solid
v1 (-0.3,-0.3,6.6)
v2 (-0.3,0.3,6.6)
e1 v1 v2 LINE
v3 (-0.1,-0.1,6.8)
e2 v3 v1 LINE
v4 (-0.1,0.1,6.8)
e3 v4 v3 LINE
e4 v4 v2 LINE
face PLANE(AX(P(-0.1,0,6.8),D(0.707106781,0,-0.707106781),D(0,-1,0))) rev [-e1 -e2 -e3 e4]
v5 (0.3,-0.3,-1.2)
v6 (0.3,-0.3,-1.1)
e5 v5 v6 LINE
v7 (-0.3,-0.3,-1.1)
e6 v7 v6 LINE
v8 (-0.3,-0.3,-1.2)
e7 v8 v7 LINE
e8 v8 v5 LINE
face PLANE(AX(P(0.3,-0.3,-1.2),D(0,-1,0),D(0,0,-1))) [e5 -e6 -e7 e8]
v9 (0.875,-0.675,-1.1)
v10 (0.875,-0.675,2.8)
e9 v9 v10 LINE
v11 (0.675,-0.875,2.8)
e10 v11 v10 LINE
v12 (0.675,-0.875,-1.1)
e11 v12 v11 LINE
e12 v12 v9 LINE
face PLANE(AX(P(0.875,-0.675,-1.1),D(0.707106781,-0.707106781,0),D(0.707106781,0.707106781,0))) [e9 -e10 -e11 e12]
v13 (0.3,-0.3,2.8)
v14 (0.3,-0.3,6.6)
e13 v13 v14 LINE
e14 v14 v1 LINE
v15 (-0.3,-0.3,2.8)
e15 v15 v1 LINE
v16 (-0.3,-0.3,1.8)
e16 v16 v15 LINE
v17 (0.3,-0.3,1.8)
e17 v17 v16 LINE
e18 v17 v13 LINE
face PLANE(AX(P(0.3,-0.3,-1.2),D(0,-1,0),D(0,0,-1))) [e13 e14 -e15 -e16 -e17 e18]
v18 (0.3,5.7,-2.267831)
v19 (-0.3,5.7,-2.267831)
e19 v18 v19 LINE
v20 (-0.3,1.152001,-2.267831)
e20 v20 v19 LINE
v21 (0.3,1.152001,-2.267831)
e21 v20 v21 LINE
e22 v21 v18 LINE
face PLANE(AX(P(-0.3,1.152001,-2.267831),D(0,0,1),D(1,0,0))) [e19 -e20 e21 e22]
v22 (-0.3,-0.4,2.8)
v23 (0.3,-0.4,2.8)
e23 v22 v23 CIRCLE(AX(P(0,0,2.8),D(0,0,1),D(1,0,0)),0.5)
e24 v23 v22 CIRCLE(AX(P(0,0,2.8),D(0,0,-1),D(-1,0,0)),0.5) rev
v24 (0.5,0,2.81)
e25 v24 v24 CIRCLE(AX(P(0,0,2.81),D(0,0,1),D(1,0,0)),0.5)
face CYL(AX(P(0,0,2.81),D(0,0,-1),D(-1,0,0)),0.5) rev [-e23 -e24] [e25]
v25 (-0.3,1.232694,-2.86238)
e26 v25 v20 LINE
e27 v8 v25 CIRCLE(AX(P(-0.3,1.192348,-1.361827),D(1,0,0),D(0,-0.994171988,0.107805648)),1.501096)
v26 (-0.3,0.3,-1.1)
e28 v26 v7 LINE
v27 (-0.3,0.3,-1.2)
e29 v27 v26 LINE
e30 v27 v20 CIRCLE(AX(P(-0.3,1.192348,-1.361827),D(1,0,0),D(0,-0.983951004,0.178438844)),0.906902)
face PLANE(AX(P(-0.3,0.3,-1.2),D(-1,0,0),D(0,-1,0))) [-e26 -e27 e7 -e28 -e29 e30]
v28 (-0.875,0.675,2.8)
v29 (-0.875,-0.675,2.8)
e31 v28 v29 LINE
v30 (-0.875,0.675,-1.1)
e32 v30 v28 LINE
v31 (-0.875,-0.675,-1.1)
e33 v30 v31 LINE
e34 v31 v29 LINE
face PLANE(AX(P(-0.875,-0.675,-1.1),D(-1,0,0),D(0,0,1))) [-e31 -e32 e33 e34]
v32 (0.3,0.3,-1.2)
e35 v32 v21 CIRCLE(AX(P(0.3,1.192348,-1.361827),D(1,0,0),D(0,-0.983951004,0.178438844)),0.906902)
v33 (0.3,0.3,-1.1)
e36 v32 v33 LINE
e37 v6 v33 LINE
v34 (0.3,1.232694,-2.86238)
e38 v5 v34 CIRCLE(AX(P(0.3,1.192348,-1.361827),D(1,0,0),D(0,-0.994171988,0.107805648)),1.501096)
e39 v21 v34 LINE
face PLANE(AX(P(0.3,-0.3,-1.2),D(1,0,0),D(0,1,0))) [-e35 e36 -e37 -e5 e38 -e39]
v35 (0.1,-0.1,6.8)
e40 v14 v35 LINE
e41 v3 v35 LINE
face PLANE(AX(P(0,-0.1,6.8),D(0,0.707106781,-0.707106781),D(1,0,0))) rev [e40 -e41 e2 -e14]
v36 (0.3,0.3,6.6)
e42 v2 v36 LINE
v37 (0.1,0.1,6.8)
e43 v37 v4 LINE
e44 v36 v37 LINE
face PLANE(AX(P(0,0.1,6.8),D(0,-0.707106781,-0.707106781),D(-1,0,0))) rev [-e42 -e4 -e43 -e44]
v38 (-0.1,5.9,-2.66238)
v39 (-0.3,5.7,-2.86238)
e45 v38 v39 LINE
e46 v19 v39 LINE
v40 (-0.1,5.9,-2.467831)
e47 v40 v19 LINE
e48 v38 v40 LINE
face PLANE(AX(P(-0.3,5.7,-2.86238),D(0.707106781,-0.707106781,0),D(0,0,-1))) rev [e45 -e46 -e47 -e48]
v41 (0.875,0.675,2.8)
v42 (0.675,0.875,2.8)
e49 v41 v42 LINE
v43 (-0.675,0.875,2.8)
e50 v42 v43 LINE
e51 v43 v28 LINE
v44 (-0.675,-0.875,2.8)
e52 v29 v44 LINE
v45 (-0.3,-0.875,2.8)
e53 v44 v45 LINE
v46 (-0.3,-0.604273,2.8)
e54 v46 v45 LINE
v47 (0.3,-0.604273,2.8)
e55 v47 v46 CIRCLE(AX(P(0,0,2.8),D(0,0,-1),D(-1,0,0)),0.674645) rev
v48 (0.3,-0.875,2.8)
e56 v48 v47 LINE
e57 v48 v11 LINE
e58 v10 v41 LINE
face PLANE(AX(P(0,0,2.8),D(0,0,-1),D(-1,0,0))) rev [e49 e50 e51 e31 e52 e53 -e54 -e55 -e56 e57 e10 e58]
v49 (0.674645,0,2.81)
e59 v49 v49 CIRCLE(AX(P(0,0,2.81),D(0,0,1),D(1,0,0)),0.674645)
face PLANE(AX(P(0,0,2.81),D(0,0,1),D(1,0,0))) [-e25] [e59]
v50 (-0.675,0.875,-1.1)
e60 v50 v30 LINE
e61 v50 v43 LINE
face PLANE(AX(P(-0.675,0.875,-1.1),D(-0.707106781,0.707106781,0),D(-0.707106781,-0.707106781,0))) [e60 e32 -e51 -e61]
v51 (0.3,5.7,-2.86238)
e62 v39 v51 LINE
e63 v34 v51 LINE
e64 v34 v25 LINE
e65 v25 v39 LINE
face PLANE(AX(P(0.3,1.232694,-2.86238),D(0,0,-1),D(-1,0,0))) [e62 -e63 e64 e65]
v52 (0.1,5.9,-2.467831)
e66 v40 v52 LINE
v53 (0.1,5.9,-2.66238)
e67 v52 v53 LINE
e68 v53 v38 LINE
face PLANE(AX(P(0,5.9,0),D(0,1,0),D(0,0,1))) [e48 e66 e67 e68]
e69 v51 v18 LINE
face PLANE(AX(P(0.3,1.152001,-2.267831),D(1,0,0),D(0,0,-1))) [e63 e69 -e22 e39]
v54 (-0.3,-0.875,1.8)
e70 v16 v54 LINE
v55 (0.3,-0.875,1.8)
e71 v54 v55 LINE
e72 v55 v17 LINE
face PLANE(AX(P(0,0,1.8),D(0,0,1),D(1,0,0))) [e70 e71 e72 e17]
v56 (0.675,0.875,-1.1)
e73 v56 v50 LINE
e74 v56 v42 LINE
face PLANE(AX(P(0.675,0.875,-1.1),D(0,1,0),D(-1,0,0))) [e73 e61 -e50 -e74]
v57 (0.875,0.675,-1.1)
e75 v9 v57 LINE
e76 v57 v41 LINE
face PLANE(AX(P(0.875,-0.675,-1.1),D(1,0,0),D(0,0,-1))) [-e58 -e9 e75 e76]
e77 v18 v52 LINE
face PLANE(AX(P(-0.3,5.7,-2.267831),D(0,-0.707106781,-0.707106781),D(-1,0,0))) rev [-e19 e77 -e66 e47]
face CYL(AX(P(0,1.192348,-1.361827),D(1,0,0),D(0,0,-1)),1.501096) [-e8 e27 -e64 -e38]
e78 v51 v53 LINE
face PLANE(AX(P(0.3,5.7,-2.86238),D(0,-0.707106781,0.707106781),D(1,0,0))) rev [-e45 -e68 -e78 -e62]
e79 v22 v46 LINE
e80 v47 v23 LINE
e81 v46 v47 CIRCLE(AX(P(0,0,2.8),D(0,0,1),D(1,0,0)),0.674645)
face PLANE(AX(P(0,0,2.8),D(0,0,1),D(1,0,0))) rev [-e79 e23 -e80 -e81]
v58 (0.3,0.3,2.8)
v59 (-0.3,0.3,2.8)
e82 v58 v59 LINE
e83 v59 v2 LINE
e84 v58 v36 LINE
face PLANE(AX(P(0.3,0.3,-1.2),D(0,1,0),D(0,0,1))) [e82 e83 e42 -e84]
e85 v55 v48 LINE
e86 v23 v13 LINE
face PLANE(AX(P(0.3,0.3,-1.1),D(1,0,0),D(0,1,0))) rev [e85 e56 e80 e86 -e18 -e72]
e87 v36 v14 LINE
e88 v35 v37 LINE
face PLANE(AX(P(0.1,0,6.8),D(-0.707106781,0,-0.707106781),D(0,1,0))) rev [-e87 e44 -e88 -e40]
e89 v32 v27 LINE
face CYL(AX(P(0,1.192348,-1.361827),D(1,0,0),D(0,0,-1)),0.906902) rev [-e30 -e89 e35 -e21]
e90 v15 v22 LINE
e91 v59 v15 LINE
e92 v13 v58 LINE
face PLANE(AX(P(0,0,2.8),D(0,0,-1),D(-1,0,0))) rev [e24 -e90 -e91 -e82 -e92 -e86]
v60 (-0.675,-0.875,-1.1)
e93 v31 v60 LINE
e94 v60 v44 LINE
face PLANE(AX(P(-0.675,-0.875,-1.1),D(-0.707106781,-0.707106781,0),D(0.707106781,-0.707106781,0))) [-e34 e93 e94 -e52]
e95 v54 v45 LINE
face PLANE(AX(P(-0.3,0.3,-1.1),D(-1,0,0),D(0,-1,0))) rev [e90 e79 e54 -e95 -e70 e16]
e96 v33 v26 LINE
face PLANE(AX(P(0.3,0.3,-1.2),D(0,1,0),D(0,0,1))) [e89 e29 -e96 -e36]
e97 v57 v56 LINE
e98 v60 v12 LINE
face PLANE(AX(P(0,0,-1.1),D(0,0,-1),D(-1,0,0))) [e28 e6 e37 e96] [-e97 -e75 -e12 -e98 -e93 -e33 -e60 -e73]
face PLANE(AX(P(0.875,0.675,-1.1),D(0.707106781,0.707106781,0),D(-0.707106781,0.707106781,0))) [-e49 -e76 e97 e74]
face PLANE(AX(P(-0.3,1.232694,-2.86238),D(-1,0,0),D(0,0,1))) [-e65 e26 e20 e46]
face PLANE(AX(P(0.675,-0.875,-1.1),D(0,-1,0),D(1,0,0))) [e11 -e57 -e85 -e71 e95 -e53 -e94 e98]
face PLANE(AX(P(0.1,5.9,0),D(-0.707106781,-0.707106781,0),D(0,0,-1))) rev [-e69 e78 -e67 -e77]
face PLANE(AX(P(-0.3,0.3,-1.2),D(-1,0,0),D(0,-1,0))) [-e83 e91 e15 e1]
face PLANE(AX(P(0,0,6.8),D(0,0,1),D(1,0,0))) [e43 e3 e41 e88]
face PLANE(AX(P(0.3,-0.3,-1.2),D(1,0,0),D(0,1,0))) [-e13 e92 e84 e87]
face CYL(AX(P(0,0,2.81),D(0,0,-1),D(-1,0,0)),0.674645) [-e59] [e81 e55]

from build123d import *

# Parameters (mm, degrees)
BOSS_EXTRU_1_DEPTH           = 2.8
BOSS_EXTRU_1_DEPTH_BACK      = 1.1
ESQUISSE1_W                  = 0.6
ESQUISSE1_H                  = 0.6
ESQUISSE2_W                  = 0.6
ESQUISSE2_H                  = 0.575
ENL_V_MAT_EXTRU_1_DEPTH      = 1
BOSS_EXTRU_2_DEPTH           = 4
BOSS_EXTRU_2_DEPTH_BACK      = 4
ESQUISSE3_W                  = 0.6
ESQUISSE3_H                  = 0.6
ESQUISSE4_R                  = 0.674645205
ESQUISSE4_R_2                = 0.5
BOSS_EXTRU_3_DEPTH           = 0.01
ESQUISSE6_W                  = 0.6
ESQUISSE6_H                  = 0.6
ENL_V_MAT_EXTRU_2_DEPTH      = 0.1
ENL_V_MAT_EXTRU_2_DEPTH_BACK = 0.1
ESQUISSE5_W                  = 0.6
ESQUISSE5_H                  = 0.6
CHANFREIN1_SIZE              = 0.2


with BuildPart() as part:
    # Esquisse1 → Boss.-Extru.1 (new, two sides: drawn at the far end of the back side and taken through both)
    with BuildSketch(Plane.XY.offset(-BOSS_EXTRU_1_DEPTH_BACK)):
        Polygon((-0.675, 0.875), (-0.875, 0.675), (-0.875, -0.675), (-0.675, -0.875), (0.675, -0.875), (0.875, -0.675), (0.875, 0.675), (0.675, 0.875), align=None)
        Rectangle(ESQUISSE1_W, ESQUISSE1_H, mode=Mode.SUBTRACT)
    extrude(amount=BOSS_EXTRU_1_DEPTH + BOSS_EXTRU_1_DEPTH_BACK)

    # Esquisse2 → Enlèv. mat.-Extru.1 (cut)
    with BuildSketch(Plane.XY.offset(2.8)):
        with Locations((0, -0.5875)):
            Rectangle(ESQUISSE2_W, ESQUISSE2_H)
    extrude(amount=-ENL_V_MAT_EXTRU_1_DEPTH, mode=Mode.SUBTRACT)

    # Esquisse3 → Boss.-Extru.2 (add, two sides: drawn at the far end of the back side and taken through both)
    with BuildSketch(Plane.XY.offset(2.8).offset(-BOSS_EXTRU_2_DEPTH_BACK)):
        Rectangle(ESQUISSE3_W, ESQUISSE3_H)
    extrude(amount=BOSS_EXTRU_2_DEPTH + BOSS_EXTRU_2_DEPTH_BACK)

    # Esquisse4 → Boss.-Extru.3 (add)
    with BuildSketch(Plane.XY.offset(2.8)):
        Circle(ESQUISSE4_R)
        Circle(ESQUISSE4_R_2, mode=Mode.SUBTRACT)
    extrude(amount=BOSS_EXTRU_3_DEPTH)

    # Balayage1: sweep along a path in Esquisse25
    with BuildLine(Plane(origin=(0, 0, 0), x_dir=(0, 0, -1), z_dir=(1, 0, 0))) as balayage1_path:
        Line((2.565105715, 6), (2.565105715, 1.192347565))
        ThreePointArc((2.565105715, 1.192347565), (2.153394049, 0.286090658), (1.2, 0))
    # Esquisse6 → Balayage1 (sweep)
    with BuildSketch(Plane(origin=(0, 0, -1.2), x_dir=(-1, 0, 0), z_dir=(0, 0, -1))):
        Rectangle(ESQUISSE6_W, ESQUISSE6_H)
    sweep(path=balayage1_path.line)

    # Esquisse5 → Enlèv. mat.-Extru.2 (cut, two sides: drawn at the far end of the back side and taken through both)
    with BuildSketch(Plane(origin=(0, 6, 0), x_dir=(1, 0, 0), z_dir=(0, 1, 0)).offset(-ENL_V_MAT_EXTRU_2_DEPTH_BACK)):
        with Locations((0, 2.565105715)):
            Rectangle(ESQUISSE5_W, ESQUISSE5_H)
    extrude(amount=ENL_V_MAT_EXTRU_2_DEPTH + ENL_V_MAT_EXTRU_2_DEPTH_BACK, mode=Mode.SUBTRACT)

    # Chanfrein1
    chanfrein1_edges = [part.edges().sort_by_distance(p)[0] for p in [
        (0, -0.3, 6.8),
        (-0.3, 0, 6.8),
        (0, 0.3, 6.8),
        (0.3, 0, 6.8),
        (0, 5.9, -2.267831149),
        (-0.3, 5.9, -2.565105715),
        (0, 5.9, -2.862380281),
        (0.3, 5.9, -2.565105715),
    ]]
    chamfer(chanfrein1_edges, length=CHANFREIN1_SIZE)


solid = part.part
